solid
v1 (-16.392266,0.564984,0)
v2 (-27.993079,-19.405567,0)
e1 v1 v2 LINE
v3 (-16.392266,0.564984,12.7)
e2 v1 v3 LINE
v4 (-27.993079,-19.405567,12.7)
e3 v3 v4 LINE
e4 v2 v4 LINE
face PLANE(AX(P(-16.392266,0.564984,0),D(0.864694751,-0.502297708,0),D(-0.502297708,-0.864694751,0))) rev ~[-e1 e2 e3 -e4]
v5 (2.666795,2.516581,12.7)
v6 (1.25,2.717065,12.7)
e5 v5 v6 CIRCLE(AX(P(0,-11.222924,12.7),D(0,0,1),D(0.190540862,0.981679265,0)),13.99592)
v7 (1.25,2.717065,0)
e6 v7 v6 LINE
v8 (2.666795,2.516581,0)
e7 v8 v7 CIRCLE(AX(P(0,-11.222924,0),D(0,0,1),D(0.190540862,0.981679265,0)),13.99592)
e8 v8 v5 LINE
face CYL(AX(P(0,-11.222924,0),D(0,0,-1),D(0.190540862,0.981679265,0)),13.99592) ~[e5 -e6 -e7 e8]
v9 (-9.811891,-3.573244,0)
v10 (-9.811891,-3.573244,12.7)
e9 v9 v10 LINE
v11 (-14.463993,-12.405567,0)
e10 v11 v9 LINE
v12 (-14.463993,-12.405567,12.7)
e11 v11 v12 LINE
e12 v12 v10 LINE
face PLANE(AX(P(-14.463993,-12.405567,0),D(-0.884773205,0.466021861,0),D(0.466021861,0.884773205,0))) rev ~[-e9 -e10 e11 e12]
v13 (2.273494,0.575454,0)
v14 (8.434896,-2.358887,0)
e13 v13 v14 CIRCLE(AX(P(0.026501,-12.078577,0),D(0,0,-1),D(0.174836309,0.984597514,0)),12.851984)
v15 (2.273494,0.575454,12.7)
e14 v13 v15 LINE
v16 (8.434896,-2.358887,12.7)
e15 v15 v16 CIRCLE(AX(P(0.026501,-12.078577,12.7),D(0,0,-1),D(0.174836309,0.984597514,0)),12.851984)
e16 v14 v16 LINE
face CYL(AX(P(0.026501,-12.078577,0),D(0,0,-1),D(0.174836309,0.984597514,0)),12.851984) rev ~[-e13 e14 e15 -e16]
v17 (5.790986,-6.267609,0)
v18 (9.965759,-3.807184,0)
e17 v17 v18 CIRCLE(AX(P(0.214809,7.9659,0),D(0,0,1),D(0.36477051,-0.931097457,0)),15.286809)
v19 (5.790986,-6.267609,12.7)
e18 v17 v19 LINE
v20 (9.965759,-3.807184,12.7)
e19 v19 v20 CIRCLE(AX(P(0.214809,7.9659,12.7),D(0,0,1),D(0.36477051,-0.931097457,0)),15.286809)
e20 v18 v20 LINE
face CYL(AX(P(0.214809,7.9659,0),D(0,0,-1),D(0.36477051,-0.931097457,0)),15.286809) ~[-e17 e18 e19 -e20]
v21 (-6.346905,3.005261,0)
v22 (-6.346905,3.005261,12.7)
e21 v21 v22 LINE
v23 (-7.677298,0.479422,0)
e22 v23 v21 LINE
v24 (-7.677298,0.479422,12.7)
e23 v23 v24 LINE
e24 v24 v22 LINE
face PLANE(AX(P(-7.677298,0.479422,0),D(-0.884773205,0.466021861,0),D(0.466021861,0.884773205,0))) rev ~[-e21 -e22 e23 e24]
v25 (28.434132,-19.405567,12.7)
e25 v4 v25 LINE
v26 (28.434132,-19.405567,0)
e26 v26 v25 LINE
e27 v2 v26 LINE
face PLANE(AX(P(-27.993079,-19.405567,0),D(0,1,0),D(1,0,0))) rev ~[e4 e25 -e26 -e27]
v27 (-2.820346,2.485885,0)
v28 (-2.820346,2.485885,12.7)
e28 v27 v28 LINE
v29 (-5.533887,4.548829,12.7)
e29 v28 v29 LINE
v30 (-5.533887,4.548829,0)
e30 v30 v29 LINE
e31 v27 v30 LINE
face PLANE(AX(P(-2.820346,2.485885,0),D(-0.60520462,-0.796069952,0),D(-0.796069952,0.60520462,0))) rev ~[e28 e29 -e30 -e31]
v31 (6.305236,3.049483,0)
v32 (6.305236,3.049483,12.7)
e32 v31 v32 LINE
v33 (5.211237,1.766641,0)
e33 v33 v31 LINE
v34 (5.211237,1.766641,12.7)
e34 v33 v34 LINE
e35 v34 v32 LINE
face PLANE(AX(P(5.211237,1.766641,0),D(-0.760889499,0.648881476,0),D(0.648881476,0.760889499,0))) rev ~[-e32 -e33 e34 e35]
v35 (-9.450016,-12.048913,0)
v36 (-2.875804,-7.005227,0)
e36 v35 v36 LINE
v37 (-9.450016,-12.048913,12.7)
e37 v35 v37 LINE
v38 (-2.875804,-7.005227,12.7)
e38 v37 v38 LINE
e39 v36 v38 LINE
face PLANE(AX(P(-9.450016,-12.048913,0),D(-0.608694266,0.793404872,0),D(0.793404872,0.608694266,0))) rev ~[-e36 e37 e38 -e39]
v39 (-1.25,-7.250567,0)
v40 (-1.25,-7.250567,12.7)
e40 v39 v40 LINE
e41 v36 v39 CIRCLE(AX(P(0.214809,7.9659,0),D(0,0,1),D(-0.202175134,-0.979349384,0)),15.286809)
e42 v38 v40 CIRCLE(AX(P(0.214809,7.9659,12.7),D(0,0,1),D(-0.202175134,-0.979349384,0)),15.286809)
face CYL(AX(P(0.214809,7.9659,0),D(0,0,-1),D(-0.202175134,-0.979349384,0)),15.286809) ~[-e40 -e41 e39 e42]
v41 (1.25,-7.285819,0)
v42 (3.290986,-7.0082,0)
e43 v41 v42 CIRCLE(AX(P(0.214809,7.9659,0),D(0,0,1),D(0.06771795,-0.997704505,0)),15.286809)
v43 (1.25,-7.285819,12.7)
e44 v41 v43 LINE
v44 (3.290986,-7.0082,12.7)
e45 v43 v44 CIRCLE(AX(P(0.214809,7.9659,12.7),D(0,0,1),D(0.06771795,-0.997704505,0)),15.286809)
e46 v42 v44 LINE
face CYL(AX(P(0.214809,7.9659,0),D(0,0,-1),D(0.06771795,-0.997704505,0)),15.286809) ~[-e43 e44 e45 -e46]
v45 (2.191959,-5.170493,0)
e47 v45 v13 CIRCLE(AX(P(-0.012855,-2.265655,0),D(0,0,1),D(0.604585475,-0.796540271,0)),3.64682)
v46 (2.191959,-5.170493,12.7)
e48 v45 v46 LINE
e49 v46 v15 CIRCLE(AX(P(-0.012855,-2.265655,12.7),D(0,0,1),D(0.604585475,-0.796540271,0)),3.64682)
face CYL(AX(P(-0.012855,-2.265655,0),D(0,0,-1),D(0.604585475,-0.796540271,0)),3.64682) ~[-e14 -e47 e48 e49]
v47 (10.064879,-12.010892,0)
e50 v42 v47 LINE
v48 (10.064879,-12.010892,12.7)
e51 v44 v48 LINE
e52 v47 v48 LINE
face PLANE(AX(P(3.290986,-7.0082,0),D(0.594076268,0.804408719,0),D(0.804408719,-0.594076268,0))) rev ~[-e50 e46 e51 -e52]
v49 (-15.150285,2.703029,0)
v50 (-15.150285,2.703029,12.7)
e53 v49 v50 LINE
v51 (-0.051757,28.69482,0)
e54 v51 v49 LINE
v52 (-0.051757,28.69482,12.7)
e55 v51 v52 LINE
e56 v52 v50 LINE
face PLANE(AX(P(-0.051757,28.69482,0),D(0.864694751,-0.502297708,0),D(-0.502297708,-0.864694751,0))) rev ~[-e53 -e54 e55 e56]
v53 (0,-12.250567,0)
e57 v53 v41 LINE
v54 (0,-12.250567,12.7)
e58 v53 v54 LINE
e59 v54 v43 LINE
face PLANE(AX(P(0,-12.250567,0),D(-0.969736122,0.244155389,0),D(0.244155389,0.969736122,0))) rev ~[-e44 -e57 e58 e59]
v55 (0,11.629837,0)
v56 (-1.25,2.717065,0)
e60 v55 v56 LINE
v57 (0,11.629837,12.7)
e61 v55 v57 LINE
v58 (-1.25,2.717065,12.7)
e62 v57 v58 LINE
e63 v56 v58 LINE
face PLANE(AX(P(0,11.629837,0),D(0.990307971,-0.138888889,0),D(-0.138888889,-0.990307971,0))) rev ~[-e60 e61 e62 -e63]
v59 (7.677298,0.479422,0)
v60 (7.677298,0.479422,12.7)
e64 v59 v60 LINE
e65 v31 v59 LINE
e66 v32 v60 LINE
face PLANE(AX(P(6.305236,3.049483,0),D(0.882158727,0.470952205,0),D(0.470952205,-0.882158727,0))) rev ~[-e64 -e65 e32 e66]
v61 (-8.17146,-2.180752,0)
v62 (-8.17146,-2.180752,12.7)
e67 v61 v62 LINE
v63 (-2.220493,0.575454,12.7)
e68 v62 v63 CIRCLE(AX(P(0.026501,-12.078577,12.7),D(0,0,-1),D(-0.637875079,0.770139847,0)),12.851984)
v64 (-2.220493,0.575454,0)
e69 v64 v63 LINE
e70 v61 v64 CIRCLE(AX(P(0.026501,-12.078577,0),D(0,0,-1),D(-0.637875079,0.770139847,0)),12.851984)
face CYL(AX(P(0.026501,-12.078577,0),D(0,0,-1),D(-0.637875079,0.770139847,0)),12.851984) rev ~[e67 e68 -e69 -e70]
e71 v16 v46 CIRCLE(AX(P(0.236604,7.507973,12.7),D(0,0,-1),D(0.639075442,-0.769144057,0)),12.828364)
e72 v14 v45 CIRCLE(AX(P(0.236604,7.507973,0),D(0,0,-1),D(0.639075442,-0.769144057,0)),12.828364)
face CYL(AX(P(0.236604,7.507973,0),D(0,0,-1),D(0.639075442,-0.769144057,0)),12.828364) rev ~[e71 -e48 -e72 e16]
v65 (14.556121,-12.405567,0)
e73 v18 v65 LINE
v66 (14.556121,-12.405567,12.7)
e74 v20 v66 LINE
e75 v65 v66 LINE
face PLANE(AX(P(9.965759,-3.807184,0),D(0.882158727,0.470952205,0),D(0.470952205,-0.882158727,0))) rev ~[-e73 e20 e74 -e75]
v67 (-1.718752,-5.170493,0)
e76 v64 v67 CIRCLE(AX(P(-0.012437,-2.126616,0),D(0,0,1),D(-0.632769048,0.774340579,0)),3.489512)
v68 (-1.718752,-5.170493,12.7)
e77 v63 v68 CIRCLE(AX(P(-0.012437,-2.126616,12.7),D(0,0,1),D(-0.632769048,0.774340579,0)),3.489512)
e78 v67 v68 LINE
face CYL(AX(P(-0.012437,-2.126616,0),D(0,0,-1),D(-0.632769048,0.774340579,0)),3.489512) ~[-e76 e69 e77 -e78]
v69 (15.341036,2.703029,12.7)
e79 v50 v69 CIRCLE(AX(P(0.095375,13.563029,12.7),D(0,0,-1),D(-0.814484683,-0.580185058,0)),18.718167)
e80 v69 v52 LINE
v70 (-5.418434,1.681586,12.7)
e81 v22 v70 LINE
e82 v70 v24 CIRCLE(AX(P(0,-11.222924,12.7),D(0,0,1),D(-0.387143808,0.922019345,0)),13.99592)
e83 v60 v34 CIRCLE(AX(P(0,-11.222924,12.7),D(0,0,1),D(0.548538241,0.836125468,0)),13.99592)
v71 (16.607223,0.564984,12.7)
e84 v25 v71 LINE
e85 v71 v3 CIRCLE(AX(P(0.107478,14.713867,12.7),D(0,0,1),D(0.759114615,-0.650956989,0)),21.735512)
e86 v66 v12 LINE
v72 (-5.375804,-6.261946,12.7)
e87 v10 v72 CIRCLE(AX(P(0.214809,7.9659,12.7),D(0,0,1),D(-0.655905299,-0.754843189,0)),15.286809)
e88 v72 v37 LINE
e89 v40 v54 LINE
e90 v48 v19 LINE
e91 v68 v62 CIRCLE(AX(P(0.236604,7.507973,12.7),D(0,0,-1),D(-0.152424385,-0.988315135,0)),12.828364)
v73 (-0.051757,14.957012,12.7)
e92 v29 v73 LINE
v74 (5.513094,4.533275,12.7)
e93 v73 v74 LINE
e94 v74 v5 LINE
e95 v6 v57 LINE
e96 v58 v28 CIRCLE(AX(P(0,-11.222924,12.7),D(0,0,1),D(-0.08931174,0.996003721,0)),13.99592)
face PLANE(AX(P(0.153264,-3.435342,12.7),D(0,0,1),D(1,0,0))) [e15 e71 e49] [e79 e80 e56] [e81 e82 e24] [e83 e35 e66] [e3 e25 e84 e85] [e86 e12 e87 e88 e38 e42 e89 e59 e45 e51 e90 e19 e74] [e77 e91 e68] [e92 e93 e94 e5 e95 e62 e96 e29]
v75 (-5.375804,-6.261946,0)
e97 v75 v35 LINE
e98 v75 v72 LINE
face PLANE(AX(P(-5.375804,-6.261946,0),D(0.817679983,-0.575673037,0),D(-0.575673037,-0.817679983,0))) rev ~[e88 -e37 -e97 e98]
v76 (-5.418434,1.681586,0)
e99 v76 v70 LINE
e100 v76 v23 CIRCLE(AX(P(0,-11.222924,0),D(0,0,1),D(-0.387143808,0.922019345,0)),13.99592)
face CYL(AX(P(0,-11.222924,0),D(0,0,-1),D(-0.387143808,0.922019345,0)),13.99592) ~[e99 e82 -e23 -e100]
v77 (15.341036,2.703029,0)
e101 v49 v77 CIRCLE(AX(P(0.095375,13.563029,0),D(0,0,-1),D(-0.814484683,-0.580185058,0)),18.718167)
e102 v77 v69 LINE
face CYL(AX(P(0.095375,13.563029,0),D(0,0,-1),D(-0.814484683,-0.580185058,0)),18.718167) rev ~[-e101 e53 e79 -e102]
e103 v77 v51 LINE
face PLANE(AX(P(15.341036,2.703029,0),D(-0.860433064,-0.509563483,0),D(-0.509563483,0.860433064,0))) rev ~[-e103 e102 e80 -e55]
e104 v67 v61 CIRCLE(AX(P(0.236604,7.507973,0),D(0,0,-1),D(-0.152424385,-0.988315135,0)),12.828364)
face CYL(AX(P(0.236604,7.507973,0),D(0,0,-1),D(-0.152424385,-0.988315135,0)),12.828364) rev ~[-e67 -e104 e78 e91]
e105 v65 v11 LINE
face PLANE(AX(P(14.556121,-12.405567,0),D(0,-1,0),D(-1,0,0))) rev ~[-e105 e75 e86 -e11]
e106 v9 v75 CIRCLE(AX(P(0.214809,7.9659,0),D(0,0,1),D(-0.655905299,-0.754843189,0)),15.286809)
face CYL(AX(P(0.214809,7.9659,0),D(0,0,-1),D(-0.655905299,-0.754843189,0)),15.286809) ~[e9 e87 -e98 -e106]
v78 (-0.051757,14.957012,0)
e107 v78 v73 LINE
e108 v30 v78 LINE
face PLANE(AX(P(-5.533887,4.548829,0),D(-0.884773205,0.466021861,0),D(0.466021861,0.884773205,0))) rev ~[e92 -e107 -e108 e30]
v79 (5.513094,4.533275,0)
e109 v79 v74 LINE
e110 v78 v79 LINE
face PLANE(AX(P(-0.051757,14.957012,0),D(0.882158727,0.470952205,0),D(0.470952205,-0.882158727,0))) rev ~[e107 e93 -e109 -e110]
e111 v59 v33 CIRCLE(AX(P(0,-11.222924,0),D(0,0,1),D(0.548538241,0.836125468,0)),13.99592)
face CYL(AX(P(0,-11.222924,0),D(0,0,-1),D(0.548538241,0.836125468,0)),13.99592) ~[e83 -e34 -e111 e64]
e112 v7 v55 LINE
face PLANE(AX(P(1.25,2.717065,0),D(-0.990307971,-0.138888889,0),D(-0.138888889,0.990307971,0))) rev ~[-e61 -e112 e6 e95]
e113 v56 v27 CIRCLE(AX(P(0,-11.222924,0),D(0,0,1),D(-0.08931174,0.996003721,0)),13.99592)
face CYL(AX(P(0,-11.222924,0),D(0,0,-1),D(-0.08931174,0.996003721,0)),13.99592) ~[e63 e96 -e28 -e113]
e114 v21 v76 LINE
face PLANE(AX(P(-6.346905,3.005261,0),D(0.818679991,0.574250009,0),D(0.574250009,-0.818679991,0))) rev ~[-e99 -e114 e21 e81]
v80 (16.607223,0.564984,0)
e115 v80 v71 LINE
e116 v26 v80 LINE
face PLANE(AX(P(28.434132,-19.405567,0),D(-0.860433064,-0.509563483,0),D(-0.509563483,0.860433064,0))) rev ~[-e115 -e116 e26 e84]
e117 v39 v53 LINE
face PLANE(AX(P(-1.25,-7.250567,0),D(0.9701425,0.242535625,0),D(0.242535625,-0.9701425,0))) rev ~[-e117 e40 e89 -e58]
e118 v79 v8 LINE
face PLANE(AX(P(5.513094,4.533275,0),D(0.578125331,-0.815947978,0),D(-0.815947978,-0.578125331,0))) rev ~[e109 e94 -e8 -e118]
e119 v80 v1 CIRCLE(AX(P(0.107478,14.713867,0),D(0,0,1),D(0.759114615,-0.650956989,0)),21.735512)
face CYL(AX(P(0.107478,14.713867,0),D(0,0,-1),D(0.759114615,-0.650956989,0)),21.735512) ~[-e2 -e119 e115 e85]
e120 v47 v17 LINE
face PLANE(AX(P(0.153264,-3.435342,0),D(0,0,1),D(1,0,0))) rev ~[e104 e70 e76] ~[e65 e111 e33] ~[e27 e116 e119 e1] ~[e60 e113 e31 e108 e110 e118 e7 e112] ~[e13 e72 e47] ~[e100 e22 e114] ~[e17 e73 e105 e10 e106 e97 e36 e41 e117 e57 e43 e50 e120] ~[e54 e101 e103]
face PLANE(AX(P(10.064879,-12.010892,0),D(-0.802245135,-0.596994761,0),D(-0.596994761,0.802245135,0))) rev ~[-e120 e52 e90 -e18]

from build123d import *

# Parameters (mm, degrees)
F1_DEPTH = 12.7


with BuildPart() as f1:
    # F0 (on Top) → F1 (new body)
    with BuildSketch(Plane.XY):
        Polygon((28.4341320634, -19.4055674484), (16.6072228474, 0.5649839725), (15.3410355276, 2.7030285383), (-0.0517573007, 28.6948202291), (-15.1502847203, 2.7030285383), (-16.392266223, 0.5649839725), (-27.9930793489, -19.4055674484), align=None)
        Polygon((-5.5338866147, 4.5488285798), (-0.0517573007, 14.9570122475), (5.5130937319, 4.533275296), (6.3052360503, 3.0494829883), (7.6772975292, 0.4794217498), (9.9657592132, -3.8071840331), (14.5561209088, -12.4055674484), (-14.4639933879, -12.4055674484), (-9.8118907302, -3.5732440703), (-7.6772975292, 0.4794217498), (-6.3469045296, 3.0052605063), align=None, mode=Mode.SUBTRACT)
        with BuildLine():
            Line((15.3410355276, 2.7030285383), (16.6072228474, 0.5649839725))
            ThreePointArc((16.6072228474, 0.5649839725), (0.1074783122, 36.4493787708), (-16.392266223, 0.5649839725))
            Line((-16.392266223, 0.5649839725), (-15.1502847203, 2.7030285383))
            ThreePointArc((-15.1502847203, 2.7030285383), (0.0953754036, 32.2811959605), (15.3410355276, 2.7030285383))
        make_face()
        with BuildLine():
            ThreePointArc((-1.25, 2.7170650485), (-2.0384528171, 2.6237544729), (-2.8203458489, 2.4858849867))
            ThreePointArc((-2.8203458489, 2.4858849867), (-4.1389729791, 2.1469936148), (-5.4184339023, 1.6815856044))
            ThreePointArc((-5.4184339023, 1.6815856044), (-6.5753969397, 1.1322347953), (-7.6772975292, 0.4794217498))
            Line((-7.6772975292, 0.4794217498), (-9.8118907302, -3.5732440703))
            ThreePointArc((-9.8118907302, -3.5732440703), (-7.7087252323, -5.1071316738), (-5.3758041575, -6.2619457501))
            ThreePointArc((-5.3758041575, -6.2619457501), (-4.1416849498, -6.6870010678), (-2.8758041575, -7.0052274988))
            ThreePointArc((-2.8758041575, -7.0052274988), (-2.0662029867, -7.1497717339), (-1.25, -7.2505674484))
            ThreePointArc((-1.25, -7.2505674484), (-0.0007219038, -7.319390068), (1.25, -7.2858187435))
            ThreePointArc((1.25, -7.2858187435), (2.275174138, -7.1814245067), (3.2909858999, -7.0082002757))
            ThreePointArc((3.2909858999, -7.0082002757), (4.5568045359, -6.6913035911), (5.7909858999, -6.2676094933))
            ThreePointArc((5.7909858999, -6.2676094933), (7.9764859882, -5.2038725791), (9.9657592132, -3.8071840331))
            Line((9.9657592132, -3.8071840331), (7.6772975292, 0.4794217498))
            ThreePointArc((7.6772975292, 0.4794217498), (6.4763272445, 1.1844520007), (5.2112370885, 1.7666411251))
            ThreePointArc((5.2112370885, 1.7666411251), (3.9568230735, 2.2020283479), (2.6667947325, 2.5165811007))
            ThreePointArc((2.6667947325, 2.5165811007), (1.9609611668, 2.6349411288), (1.25, 2.7170650485))
            ThreePointArc((1.25, 2.7170650485), (0, 2.7729966451), (-1.25, 2.7170650485))
        make_face()
        with BuildLine():
            ThreePointArc((-1.718751716, -5.1704934553), (-5.1564242941, -4.1317080562), (-8.1714597641, -2.1807521431))
            ThreePointArc((-8.1714597641, -2.1807521431), (-5.3747430837, -0.4166707597), (-2.220492786, 0.5754544226))
            ThreePointArc((-2.220492786, 0.5754544226), (0.0265007063, 0.7734069274), (2.2734941986, 0.5754544226))
            ThreePointArc((2.2734941986, 0.5754544226), (5.5525227717, -0.4752769605), (8.4348964566, -2.3588869951))
            ThreePointArc((8.4348964566, -2.3588869951), (5.5044710933, -4.1888856323), (2.1919593719, -5.1704934553))
            ThreePointArc((2.1919593719, -5.1704934553), (0.236603828, -5.3203911551), (-1.718751716, -5.1704934553))
        make_face(mode=Mode.SUBTRACT)
        with BuildLine():
            ThreePointArc((-2.220492786, 0.5754544226), (-3.4887216261, -2.4301685696), (-1.718751716, -5.1704934553))
            ThreePointArc((-1.718751716, -5.1704934553), (0.236603828, -5.3203911551), (2.1919593719, -5.1704934553))
            ThreePointArc((2.1919593719, -5.1704934553), (3.633597714, -2.3173978325), (2.2734941986, 0.5754544226))
            ThreePointArc((2.2734941986, 0.5754544226), (0.0265007063, 0.7734069274), (-2.220492786, 0.5754544226))
        make_face()
        with BuildLine():
            Line((0, 11.6298367835), (-1.25, 2.7170650485))
            ThreePointArc((-1.25, 2.7170650485), (0, 2.7729966451), (1.25, 2.7170650485))
            Line((1.25, 2.7170650485), (0, 11.6298367835))
        make_face()
        with BuildLine():
            Line((10.0648785505, -12.0108920331), (5.7909858999, -6.2676094933))
            ThreePointArc((5.7909858999, -6.2676094933), (4.5568045359, -6.6913035911), (3.2909858999, -7.0082002757))
            Line((3.2909858999, -7.0082002757), (10.0648785505, -12.0108920331))
        make_face()
        with BuildLine():
            ThreePointArc((-2.8758041575, -7.0052274988), (-4.1416849498, -6.6870010678), (-5.3758041575, -6.2619457501))
            Line((-5.3758041575, -6.2619457501), (-9.4500155619, -12.048913168))
            Line((-9.4500155619, -12.048913168), (-2.8758041575, -7.0052274988))
        make_face()
        with BuildLine():
            ThreePointArc((1.25, -7.2858187435), (-0.0007219038, -7.319390068), (-1.25, -7.2505674484))
            Line((-1.25, -7.2505674484), (0, -12.2505674484))
            Line((0, -12.2505674484), (1.25, -7.2858187435))
        make_face()
        with BuildLine():
            Line((-2.8203458489, 2.4858849867), (-5.5338866147, 4.5488285798))
            Line((-5.5338866147, 4.5488285798), (-6.3469045296, 3.0052605063))
            Line((-6.3469045296, 3.0052605063), (-5.4184339023, 1.6815856044))
            ThreePointArc((-5.4184339023, 1.6815856044), (-4.1389729791, 2.1469936148), (-2.8203458489, 2.4858849867))
        make_face()
        with BuildLine():
            Line((6.3052360503, 3.0494829883), (5.5130937319, 4.533275296))
            Line((5.5130937319, 4.533275296), (2.6667947325, 2.5165811007))
            ThreePointArc((2.6667947325, 2.5165811007), (3.9568230735, 2.2020283479), (5.2112370885, 1.7666411251))
            Line((5.2112370885, 1.7666411251), (6.3052360503, 3.0494829883))
        make_face()
    extrude(amount=F1_DEPTH)


solid = f1.part
